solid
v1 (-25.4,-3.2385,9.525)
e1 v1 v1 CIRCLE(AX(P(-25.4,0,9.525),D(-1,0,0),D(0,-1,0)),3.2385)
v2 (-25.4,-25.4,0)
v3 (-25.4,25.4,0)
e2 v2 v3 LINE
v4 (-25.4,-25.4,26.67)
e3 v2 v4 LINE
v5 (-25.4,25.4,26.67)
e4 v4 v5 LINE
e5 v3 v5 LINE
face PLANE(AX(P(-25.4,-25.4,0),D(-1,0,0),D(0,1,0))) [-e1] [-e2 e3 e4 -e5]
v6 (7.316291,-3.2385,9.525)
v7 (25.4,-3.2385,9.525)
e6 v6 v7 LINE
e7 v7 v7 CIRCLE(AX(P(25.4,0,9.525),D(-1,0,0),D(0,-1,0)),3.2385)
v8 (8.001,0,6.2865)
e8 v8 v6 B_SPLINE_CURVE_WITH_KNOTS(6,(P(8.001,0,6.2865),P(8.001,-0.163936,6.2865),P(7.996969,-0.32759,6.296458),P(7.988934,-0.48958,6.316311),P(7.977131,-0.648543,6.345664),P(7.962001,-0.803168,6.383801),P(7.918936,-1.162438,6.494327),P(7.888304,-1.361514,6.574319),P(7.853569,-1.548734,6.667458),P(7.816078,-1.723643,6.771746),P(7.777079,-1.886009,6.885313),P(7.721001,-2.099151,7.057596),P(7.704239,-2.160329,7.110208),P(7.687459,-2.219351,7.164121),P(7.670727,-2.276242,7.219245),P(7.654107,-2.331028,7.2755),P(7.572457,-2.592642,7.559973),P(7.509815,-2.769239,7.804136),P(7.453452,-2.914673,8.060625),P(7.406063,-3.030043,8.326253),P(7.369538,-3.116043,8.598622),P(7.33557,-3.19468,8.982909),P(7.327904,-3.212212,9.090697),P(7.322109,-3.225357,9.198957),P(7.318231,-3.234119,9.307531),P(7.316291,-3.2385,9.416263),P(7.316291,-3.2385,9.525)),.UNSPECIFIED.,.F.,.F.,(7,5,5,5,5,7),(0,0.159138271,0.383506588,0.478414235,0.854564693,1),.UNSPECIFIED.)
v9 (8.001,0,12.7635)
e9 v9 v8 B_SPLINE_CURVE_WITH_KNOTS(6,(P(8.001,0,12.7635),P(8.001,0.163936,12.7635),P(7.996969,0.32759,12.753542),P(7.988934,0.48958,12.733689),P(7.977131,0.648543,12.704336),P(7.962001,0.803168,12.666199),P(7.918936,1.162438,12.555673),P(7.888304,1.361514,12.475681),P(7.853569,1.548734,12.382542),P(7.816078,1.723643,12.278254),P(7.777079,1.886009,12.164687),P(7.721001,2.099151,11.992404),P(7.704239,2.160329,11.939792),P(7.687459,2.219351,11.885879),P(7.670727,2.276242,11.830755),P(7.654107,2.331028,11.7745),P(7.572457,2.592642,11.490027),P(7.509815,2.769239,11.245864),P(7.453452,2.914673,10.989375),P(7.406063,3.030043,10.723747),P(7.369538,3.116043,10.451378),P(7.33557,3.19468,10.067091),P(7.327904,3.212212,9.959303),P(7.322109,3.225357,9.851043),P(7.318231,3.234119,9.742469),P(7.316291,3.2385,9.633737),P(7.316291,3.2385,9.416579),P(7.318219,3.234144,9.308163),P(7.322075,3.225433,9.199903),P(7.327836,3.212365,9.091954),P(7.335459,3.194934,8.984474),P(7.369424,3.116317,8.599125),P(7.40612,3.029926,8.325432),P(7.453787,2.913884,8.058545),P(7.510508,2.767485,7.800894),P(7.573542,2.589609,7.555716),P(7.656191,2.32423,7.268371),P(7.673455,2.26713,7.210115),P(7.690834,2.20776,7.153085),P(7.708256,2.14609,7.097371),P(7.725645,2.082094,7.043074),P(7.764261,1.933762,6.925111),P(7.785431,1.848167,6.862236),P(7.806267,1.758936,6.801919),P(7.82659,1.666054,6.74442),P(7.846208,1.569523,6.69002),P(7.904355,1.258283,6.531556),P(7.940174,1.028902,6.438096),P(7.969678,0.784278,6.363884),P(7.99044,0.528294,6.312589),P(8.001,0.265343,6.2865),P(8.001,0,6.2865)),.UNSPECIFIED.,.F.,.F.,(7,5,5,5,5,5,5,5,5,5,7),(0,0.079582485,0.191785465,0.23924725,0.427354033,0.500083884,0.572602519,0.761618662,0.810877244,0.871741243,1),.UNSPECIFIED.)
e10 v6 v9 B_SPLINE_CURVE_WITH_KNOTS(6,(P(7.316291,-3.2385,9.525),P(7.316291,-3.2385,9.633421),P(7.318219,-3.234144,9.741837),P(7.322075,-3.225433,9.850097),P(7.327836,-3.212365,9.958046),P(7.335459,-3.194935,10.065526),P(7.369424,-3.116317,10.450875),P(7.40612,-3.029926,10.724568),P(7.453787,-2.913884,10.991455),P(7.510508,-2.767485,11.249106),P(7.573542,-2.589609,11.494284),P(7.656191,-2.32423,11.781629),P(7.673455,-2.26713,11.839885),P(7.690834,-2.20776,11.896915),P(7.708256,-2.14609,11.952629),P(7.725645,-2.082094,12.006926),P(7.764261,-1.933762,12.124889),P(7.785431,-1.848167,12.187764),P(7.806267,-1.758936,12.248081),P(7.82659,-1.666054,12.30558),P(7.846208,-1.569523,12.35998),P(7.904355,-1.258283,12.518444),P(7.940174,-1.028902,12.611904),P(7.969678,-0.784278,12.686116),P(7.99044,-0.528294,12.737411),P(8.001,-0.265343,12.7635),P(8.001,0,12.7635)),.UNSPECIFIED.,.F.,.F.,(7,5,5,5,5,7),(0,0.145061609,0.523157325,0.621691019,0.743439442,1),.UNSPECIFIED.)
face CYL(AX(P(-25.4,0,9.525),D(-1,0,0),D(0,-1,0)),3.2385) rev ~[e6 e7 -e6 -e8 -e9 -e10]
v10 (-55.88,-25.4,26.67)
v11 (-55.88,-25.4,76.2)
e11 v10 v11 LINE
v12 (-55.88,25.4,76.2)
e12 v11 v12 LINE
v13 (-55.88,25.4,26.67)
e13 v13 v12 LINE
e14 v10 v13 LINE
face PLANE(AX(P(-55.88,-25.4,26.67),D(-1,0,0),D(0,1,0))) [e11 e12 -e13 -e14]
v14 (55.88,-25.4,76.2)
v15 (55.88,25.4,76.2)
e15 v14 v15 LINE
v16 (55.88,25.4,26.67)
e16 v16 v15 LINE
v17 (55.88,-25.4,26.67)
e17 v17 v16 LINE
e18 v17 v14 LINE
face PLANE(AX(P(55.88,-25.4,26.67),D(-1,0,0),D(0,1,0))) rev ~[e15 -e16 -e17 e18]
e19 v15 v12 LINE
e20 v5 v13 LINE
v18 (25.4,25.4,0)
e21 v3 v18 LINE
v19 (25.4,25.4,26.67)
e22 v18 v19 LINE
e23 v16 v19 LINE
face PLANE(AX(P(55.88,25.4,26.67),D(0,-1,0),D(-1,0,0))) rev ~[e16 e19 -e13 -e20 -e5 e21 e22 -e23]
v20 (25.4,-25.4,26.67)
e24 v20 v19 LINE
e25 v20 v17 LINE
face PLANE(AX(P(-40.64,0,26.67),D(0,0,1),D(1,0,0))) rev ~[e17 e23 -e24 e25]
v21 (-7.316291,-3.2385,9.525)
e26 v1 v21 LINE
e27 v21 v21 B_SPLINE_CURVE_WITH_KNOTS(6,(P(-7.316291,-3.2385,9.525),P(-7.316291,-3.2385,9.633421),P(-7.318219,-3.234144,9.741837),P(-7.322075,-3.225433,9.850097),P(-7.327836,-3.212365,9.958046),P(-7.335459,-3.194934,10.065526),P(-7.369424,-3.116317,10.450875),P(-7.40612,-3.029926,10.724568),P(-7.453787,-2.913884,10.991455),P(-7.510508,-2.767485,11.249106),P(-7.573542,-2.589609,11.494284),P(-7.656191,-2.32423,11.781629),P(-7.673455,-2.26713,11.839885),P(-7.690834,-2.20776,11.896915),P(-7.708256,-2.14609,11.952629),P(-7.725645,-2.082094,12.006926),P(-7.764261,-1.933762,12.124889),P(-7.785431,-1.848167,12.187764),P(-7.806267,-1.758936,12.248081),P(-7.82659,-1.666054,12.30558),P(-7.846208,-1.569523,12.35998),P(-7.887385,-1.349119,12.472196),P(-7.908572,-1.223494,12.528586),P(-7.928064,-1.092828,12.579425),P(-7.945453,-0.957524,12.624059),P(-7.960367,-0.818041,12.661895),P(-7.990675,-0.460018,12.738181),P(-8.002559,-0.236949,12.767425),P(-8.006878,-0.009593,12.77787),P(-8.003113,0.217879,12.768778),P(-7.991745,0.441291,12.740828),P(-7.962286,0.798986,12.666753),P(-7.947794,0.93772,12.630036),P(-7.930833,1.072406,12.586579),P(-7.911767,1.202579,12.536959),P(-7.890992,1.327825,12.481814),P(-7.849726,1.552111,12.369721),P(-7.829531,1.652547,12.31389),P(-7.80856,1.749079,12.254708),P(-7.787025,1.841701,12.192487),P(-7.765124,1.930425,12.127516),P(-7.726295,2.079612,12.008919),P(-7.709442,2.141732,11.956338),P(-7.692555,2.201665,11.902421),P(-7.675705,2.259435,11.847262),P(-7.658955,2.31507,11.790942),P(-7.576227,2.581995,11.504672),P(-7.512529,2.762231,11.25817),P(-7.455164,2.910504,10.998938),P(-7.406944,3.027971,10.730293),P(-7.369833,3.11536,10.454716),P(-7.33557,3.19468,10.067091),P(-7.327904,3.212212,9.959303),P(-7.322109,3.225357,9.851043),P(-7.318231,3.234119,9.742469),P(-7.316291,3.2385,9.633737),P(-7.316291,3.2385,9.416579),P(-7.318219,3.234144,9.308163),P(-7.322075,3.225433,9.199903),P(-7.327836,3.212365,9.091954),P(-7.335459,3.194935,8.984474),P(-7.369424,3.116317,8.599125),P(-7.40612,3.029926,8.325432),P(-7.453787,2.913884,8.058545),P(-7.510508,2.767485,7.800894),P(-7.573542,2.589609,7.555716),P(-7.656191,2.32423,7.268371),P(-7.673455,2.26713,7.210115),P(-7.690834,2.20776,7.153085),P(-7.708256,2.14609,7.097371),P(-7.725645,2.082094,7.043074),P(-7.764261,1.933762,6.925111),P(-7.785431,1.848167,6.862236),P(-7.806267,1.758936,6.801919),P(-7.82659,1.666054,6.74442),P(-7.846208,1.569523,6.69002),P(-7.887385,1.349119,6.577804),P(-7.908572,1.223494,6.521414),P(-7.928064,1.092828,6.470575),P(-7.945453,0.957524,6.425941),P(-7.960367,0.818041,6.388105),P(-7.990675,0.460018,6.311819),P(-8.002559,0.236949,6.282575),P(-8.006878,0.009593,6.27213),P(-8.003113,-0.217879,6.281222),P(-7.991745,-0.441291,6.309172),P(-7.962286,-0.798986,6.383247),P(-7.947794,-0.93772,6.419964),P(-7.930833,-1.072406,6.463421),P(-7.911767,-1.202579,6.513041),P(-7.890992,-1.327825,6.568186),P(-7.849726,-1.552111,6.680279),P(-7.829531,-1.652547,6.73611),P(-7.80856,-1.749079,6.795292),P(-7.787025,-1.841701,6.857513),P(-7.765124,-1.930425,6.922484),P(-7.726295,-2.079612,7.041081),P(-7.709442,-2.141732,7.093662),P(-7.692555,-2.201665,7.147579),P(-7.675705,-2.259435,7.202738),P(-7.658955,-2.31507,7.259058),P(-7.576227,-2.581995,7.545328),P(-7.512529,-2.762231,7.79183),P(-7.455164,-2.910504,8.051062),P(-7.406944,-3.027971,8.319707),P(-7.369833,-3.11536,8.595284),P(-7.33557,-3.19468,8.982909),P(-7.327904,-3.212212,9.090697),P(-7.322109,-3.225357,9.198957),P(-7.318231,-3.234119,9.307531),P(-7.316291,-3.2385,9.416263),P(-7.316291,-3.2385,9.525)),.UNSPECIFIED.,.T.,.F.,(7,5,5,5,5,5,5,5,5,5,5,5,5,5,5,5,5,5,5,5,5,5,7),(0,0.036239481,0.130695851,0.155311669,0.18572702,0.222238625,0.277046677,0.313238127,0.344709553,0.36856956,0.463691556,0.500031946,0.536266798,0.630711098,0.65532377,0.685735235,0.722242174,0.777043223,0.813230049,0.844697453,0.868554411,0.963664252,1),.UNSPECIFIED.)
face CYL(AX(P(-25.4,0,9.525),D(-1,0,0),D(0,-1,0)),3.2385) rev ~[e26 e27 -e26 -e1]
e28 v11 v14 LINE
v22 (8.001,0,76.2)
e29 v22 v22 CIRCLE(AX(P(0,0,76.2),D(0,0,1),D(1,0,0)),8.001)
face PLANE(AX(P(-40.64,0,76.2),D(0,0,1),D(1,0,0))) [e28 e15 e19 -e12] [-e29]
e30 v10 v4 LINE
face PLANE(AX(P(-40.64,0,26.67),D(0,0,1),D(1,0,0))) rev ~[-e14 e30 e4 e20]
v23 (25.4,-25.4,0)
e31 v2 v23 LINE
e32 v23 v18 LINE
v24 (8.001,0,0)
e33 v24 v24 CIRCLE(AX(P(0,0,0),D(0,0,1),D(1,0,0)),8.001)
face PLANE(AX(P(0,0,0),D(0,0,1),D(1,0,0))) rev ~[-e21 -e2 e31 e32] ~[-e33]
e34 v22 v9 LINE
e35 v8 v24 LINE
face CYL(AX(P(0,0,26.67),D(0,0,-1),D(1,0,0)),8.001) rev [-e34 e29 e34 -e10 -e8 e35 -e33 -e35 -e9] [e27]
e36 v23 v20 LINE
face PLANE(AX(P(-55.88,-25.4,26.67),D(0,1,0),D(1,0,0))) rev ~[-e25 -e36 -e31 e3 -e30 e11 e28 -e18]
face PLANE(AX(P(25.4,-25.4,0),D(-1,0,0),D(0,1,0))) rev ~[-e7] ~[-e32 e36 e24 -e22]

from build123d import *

# Parameters (mm, degrees)
F0_W     = 50.8
F0_H     = 50.8
F0_R     = 8.001
F1_DEPTH = 26.67
F2_W     = 30.48
F2_H     = 50.8
F2_W_2   = 50.8
F2_R     = 8.001
F3_DEPTH = 49.53
F4_R     = 3.2385
F5_DEPTH = 81.281


with BuildPart() as f1:
    # F0 (on Top) → F1 (new body)
    with BuildSketch(Plane.XY):
        Rectangle(F0_W, F0_H)
        Circle(F0_R, mode=Mode.SUBTRACT)
    extrude(amount=F1_DEPTH)

    # F2 (on face) → F3 (join)
    with BuildSketch(Plane.XY.offset(26.67)):
        with Locations((-40.64, 0)):
            Rectangle(F2_W, F2_H)
        Rectangle(F2_W_2, F2_H)
        Circle(F2_R, mode=Mode.SUBTRACT)
        with Locations((40.64, 0)):
            Rectangle(F2_W, F2_H)
    extrude(amount=F3_DEPTH)

    # F4 (on face) → F5 (cut, through all)
    with BuildSketch(Plane(origin=(-25.4, 0, 0), x_dir=(0, -1, 0), z_dir=(-1, 0, 0))):
        with Locations((0, 9.525)):
            Circle(F4_R)
    extrude(amount=-F5_DEPTH, mode=Mode.SUBTRACT)


solid = f1.part
